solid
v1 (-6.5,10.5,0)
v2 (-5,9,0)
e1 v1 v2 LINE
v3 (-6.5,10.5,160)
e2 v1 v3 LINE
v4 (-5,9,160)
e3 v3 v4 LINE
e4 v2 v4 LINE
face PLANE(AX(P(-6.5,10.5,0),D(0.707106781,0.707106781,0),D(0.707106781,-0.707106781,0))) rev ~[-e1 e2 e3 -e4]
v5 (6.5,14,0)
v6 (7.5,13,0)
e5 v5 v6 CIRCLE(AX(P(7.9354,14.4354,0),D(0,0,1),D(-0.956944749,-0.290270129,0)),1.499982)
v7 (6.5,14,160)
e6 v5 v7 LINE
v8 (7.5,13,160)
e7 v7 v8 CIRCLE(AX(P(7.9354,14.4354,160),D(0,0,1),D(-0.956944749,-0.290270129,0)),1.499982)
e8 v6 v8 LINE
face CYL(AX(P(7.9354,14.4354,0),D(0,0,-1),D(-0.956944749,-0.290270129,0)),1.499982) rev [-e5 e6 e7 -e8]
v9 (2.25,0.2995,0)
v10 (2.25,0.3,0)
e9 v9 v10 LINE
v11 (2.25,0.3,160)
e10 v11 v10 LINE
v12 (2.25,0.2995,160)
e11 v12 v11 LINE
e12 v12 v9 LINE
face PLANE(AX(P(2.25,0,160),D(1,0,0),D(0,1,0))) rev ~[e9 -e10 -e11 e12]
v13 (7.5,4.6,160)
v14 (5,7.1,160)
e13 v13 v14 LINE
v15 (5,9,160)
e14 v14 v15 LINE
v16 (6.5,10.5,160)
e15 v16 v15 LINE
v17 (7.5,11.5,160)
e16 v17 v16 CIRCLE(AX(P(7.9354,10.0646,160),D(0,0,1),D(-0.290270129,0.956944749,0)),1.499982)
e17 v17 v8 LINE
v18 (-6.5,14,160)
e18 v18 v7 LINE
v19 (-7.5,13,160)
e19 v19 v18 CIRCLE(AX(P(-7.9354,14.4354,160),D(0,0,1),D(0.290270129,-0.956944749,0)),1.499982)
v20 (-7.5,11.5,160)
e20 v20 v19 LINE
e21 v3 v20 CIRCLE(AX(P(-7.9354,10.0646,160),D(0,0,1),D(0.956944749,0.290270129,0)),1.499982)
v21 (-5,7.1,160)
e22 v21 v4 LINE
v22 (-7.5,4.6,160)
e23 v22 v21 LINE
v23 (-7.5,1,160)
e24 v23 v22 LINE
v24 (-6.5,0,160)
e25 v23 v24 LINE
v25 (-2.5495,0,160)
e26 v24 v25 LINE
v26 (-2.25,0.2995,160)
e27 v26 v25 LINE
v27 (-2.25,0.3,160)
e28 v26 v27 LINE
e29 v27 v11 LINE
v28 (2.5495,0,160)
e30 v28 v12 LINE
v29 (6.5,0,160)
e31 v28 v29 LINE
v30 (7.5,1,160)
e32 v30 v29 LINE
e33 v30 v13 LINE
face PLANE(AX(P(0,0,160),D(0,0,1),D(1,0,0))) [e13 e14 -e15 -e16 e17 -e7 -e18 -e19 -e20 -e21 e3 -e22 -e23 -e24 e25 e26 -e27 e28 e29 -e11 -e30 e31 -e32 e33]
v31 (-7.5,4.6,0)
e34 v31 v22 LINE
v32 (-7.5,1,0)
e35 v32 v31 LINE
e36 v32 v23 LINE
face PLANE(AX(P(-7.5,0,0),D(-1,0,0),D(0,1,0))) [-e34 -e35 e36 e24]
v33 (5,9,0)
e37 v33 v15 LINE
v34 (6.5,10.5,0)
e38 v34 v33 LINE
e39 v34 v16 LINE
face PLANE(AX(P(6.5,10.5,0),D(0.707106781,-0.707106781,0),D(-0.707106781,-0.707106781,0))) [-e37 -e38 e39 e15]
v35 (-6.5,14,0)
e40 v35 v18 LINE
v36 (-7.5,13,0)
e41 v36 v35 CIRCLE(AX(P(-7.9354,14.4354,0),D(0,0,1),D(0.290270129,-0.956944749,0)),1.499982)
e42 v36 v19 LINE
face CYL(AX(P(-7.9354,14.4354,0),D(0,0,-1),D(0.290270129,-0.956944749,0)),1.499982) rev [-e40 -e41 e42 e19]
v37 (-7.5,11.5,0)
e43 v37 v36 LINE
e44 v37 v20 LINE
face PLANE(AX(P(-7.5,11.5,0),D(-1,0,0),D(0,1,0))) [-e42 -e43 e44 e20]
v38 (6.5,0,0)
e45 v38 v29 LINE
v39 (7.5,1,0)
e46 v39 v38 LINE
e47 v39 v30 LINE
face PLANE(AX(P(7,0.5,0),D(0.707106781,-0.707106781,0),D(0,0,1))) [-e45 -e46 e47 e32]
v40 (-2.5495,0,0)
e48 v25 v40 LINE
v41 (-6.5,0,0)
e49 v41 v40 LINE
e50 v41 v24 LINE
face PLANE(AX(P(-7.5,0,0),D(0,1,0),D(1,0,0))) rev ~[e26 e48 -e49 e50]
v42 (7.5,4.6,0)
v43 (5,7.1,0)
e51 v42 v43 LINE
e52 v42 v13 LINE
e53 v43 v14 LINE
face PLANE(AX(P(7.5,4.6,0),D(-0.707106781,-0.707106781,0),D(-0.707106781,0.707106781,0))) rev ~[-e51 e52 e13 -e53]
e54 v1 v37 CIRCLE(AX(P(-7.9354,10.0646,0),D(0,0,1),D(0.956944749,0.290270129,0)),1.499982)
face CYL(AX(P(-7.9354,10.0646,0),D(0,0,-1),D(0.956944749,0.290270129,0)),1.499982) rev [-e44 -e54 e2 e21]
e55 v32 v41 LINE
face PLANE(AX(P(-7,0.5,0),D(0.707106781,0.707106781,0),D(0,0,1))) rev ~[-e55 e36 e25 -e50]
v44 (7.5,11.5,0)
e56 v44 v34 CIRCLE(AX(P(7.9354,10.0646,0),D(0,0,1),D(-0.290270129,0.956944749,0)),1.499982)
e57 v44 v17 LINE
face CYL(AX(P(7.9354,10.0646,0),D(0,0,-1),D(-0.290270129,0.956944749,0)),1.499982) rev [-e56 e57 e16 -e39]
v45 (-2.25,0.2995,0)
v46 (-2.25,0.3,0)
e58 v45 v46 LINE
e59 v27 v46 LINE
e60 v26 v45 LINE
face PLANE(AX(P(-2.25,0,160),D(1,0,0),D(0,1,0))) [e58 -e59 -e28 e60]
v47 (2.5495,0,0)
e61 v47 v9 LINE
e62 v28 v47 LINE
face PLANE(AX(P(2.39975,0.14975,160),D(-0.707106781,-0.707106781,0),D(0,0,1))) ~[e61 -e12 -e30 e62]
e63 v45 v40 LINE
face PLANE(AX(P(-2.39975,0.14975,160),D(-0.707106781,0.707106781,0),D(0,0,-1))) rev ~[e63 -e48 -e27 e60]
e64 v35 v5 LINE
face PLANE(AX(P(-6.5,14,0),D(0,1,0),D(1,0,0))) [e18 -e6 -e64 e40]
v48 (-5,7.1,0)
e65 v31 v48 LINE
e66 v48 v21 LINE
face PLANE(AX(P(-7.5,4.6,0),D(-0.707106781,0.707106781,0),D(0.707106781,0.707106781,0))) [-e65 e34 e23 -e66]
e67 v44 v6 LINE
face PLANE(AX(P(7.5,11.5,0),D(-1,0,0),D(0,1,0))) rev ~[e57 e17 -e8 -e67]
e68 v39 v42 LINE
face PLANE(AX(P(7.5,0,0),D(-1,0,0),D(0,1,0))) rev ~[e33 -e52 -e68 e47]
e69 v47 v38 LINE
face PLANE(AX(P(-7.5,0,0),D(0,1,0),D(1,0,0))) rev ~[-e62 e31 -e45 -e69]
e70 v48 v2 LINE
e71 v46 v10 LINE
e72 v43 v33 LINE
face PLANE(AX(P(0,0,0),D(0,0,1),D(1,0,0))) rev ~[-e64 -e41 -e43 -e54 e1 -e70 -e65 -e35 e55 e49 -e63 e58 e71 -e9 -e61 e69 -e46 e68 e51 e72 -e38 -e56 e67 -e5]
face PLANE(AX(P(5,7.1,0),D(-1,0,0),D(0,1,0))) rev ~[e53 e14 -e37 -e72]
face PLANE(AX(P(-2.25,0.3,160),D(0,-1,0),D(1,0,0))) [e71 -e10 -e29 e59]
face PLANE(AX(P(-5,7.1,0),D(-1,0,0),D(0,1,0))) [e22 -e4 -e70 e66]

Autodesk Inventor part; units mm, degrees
ref_plane "YZ Plane" through (0, 0, 0) normal (1, 0, 0) x (0, 1, 0)
ref_plane "XZ Plane" through (0, 0, 0) normal (0, 1, 0) x (-1, 0, 0)
ref_plane "XY Plane" through (0, 0, 0) normal (0, 0, 1) x (1, 0, 0)
sketch "Sketch1" plane through (0, 0, 0) normal (0, 0, 1) x (1, 0, 0)
  line L0 (-7.5, 0) -> (7.5, 0)
  line L1 (0, 0) -> (0, 20) construction
  line L2 (-6.5, 14) -> (6.5, 14)
  line L3 (-7.5, 0) -> (-7.5, 4.6)
  line L4 (7.5, 0) -> (7.5, 4.6)
  line L5 (-5, 7.1) -> (-5, 9)
  line L6 (5, 7.1) -> (5, 9)
  line L7 (-7.5, 11.5) -> (-7.5, 13)
  line L8 (7.5, 11.5) -> (7.5, 13)
  arc A0 (-6.5, 10.5) -> (-7.5, 11.5) centre (-7.9354, 10.0646) ccw
  arc A1 (-7.5, 13) -> (-6.5, 14) centre (-7.9354, 14.4354) ccw
  arc A2 (6.5, 14) -> (7.5, 13) centre (7.9354, 14.4354) ccw
  arc A3 (7.5, 11.5) -> (6.5, 10.5) centre (7.9354, 10.0646) ccw
  line L9 (-7.5, 4.6) -> (-5, 7.1)
  line L10 (7.5, 4.6) -> (5, 7.1)
  line L11 (-6.5, 10.5) -> (-5, 9)
  line L12 (6.5, 10.5) -> (5, 9)
  point P0 (-5, 0)
  point P1 (-5, 8.6667)
  point P2 (5, 0)
  point P3 (5, 8.6667)
  point P4 (7.5, 12.25)
  point P5 (-7.5, 12.25)
  point P6 (0, 14)
  point P7 (-5.75, 6.35)
  point P8 (5.75, 6.35)
  point P9 (0, 10)
  point P10 (0, 10.5)
  dimension "d0" = 15
  dimension "d3" = 14
  dimension "d4" = 4.6
  dimension "d5" = 5
  dimension "d20" = 7.5
  dimension "d21" = 7.5
  dimension "d22" = 1.5
  dimension "d23" = 1.5
  dimension "d25" = 1.5
  dimension "d40" = 15
  dimension "d52" = 45
  dimension "d54" = 1.5
  dimension "d55" = 1
  dimension "d56" = 1
  dimension "d57" = 1
  dimension "d58" = 1
  dimension "d59" = 1
  dimension "d60" = 1
  dimension "d61" = 45
  dimension "d62" = 45
  dimension "d63" = 13
  dimension "d64" = 10
  dimension "d65" = 3.5
extrude "Extrusion1" add sketch "Sketch1" along normal blind 160
chamfer "Chamfer1" distance 1 angle 45 2 edges at (-7.5, 0, 80) (7.5, 0, 80)
sketch "Sketch3" plane through (0, 0, 160) normal (0, 0, 1) x (1, 0, 0)
  line L0 (-6.5, 0) -> (6.5, 0) construction
  line L1 (0, 0) -> (0, 0.3) construction
  line L2 (-2.25, 0) -> (-2.25, 0.3)
  line L3 (2.25, 0) -> (2.25, 0.3)
  line L4 (-2.25, 0.3) -> (2.25, 0.3)
  line L5 (-2.25, 0) -> (2.25, 0)
  line L6 (-6.5, 0) -> (6.5, 0) construction
  dimension "d71" = 0.3
  dimension "d72" = 2.25
  dimension "d73" = 0.3
  dimension "d74" = 0
extrude "Extrusion2" cut sketch "Sketch3" against normal through all
chamfer "Chamfer2" distance 0.3 angle 45 2 edges at (-2.25, 0, 80) (2.25, 0, 80)
properties part number "LinearRail" material "Stainless Steel"
